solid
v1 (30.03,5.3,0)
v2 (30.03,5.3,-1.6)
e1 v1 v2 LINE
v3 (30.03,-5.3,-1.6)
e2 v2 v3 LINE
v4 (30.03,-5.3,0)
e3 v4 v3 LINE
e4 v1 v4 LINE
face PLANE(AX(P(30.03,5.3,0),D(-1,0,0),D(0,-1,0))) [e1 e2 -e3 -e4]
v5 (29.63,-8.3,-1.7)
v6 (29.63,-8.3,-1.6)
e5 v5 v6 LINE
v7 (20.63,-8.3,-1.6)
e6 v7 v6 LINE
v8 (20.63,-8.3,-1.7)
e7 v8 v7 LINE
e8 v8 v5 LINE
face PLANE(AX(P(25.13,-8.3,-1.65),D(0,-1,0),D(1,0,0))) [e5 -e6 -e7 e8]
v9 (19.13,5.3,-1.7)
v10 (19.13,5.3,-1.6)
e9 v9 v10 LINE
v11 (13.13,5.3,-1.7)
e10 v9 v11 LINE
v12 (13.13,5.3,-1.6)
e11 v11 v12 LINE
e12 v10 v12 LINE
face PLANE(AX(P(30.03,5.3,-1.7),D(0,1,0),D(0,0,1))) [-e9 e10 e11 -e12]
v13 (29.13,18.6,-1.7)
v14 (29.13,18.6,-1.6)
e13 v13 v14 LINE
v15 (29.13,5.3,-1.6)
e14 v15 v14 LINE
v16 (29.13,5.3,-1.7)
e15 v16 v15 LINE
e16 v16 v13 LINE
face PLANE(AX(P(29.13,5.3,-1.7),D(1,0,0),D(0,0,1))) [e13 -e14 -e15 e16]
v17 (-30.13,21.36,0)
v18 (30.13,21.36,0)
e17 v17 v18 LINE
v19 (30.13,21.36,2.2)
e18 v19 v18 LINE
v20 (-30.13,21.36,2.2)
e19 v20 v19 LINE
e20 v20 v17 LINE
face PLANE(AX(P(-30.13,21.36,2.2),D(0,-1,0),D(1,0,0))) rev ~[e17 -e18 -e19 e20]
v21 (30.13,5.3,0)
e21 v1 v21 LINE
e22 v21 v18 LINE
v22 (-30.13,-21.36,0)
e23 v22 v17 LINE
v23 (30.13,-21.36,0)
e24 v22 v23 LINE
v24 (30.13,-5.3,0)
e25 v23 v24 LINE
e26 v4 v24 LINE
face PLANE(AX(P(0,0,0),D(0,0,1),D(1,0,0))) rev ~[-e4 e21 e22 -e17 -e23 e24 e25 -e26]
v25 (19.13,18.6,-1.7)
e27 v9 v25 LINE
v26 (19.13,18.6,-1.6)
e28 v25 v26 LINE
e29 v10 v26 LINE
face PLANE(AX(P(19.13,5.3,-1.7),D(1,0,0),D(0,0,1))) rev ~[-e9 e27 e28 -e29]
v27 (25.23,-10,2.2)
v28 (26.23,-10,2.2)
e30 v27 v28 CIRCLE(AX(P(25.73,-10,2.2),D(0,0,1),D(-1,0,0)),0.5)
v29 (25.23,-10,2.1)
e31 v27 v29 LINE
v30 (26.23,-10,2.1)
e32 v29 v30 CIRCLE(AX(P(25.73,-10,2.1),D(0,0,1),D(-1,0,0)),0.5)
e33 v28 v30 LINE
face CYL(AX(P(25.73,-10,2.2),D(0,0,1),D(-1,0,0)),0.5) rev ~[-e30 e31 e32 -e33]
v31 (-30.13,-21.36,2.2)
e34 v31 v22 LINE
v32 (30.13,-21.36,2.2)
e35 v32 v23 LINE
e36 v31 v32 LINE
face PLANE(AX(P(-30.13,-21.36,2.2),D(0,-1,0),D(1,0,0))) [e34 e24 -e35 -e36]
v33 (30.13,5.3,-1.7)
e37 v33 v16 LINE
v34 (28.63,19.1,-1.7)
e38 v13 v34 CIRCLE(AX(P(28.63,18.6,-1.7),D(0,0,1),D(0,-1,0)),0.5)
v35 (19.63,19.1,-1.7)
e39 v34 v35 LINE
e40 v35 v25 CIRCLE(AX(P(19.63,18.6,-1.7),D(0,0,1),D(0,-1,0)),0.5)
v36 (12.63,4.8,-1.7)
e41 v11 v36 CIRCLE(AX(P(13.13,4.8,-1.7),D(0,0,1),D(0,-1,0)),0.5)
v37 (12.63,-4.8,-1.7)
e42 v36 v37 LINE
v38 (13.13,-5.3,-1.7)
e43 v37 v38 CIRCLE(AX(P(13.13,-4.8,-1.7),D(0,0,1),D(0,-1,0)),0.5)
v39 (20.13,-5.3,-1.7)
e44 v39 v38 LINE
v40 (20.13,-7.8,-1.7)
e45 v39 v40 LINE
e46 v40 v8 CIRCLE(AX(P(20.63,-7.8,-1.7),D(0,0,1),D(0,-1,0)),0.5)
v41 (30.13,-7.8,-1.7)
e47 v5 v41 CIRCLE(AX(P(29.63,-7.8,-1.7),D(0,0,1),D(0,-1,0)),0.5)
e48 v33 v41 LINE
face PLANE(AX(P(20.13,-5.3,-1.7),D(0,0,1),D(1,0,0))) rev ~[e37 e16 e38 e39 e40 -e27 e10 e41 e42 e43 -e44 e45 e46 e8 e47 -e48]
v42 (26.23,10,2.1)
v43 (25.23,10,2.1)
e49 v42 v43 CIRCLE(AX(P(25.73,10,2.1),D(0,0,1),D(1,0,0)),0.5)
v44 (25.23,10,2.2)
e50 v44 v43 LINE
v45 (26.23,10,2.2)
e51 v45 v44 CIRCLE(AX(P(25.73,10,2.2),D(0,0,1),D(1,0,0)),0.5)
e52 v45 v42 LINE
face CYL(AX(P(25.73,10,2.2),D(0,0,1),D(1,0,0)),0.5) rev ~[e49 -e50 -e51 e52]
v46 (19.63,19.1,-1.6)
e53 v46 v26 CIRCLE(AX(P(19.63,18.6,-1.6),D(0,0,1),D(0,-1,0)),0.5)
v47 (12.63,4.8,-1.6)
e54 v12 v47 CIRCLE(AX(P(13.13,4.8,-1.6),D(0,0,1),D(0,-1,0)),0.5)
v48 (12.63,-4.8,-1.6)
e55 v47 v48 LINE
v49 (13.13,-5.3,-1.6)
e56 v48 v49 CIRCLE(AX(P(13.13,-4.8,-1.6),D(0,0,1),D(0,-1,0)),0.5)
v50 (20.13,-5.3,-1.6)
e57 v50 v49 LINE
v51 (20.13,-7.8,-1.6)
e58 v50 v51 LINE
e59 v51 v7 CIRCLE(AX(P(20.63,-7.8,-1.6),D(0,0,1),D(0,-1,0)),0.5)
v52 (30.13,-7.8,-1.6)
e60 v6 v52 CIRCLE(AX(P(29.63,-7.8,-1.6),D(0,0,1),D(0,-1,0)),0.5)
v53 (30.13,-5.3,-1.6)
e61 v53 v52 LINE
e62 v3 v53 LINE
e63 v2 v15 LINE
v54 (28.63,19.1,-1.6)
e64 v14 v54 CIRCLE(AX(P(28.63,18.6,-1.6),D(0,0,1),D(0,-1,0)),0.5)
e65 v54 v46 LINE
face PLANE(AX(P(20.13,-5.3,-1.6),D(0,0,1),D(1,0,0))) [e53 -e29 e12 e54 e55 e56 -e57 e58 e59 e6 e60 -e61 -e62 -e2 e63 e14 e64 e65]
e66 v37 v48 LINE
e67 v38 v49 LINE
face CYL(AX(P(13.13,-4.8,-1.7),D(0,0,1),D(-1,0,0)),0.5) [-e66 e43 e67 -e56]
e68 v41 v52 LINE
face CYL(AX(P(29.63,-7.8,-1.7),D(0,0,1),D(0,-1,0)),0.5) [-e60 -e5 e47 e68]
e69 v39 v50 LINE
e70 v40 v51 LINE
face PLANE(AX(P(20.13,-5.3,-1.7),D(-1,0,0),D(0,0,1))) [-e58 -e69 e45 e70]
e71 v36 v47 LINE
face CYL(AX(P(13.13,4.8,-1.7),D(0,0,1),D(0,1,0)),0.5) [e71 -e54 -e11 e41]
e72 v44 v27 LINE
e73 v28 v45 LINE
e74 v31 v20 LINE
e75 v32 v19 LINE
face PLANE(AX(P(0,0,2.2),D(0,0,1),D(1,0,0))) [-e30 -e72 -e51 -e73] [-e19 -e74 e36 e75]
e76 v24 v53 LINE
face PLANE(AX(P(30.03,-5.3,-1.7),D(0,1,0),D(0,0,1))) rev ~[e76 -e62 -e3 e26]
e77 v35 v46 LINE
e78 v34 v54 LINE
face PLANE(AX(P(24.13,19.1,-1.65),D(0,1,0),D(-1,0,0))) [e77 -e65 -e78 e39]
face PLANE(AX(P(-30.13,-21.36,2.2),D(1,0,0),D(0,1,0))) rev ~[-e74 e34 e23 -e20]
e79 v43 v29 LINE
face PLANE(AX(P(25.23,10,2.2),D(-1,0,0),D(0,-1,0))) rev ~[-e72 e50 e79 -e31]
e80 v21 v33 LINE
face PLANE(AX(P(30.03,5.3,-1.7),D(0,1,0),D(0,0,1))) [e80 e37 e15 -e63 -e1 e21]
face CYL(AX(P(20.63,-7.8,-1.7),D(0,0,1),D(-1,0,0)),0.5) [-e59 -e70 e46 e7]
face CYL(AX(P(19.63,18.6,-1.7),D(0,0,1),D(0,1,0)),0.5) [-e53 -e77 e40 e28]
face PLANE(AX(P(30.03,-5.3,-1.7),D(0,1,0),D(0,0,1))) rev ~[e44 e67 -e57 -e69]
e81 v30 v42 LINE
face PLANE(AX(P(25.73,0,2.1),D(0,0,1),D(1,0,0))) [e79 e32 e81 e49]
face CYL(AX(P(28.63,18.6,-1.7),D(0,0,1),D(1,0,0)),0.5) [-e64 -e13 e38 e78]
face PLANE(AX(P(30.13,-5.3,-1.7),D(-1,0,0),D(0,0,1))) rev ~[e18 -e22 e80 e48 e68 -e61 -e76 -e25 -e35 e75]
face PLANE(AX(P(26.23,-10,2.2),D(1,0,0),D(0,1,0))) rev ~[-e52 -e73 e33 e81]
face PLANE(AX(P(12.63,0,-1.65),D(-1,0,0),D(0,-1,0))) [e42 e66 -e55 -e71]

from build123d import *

# Parameters (mm, degrees)
SKETCH_W     = 57.26
SKETCH_H     = 40.62
PAD_DEPTH    = 2.2
SKETCH001_W  = 60.26
SKETCH001_H  = 42.72
PAD001_DEPTH = 2.2
SKETCH002_W  = 0.1
SKETCH002_H  = 10.6
PAD002_DEPTH = 1.7
SKETCH003_W  = 10.6
SKETCH003_H  = 0.1
PAD003_DEPTH = 17.4
SKETCH004_W  = 49.66
SKETCH004_H  = 37.42
PAD004_DEPTH = 1
FILLET_R     = 0.5
SKETCH005_W  = 10
SKETCH005_H  = 0.1
PAD005_DEPTH = 13.8
FILLET001_R  = 0.5
SKETCH006_W  = 10
SKETCH006_H  = 0.1
PAD006_DEPTH = 3
POCKET_DEPTH = 0.1
FILLET002_R  = 0.5
FILLET003_R  = 0.5


with BuildPart() as part:
    # Sketch → Pad (new body)
    with BuildSketch(Plane.XY):
        Rectangle(SKETCH_W, SKETCH_H)
    extrude(amount=PAD_DEPTH)

    # Sketch001 (on Face6 of Pad) → Pad001 (join)
    with BuildSketch(Plane.XY.offset(2.2)):
        Rectangle(SKETCH001_W, SKETCH001_H)
    extrude(amount=-PAD001_DEPTH)

    # Sketch002 (on Face5 of Pad001) → Pad002 (join)
    with BuildSketch(Plane(origin=(0, 0, 0), x_dir=(1, 0, 0), z_dir=(0, 0, -1))):
        with Locations((30.08, 0)):
            Rectangle(SKETCH002_W, SKETCH002_H)
    extrude(amount=PAD002_DEPTH)

    # Sketch003 (on Face10 of Pad002) → Pad003 (join)
    with BuildSketch(Plane(origin=(30.03, 0, 0), x_dir=(0, -1, 0), z_dir=(-1, 0, 0))):
        with Locations((0, -1.65)):
            Rectangle(SKETCH003_W, SKETCH003_H)
    extrude(amount=PAD003_DEPTH)

    # Sketch004 (on Face8 of Pad003) → Pad004 (join)
    with BuildSketch(Plane.XY.offset(2.2)):
        with Locations((-2.2, 0)):
            Rectangle(SKETCH004_W, SKETCH004_H)
    extrude(amount=-PAD004_DEPTH)

    # Fillet
    fillet_edges = [part.edges().sort_by_distance(p)[0] for p in [
        (12.63, -5.3, -1.65),
        (12.63, 5.3, -1.65),
    ]]
    fillet(fillet_edges, radius=FILLET_R)

    # Sketch005 (on Face1 of Fillet) → Pad005 (join)
    with BuildSketch(Plane(origin=(0, 5.3, 0), x_dir=(-1, 0, 0), z_dir=(0, 1, 0))):
        with Locations((-24.13, -1.65)):
            Rectangle(SKETCH005_W, SKETCH005_H)
    extrude(amount=PAD005_DEPTH)

    # Fillet001
    fillet001_edges = [part.edges().sort_by_distance(p)[0] for p in [
        (19.13, 19.1, -1.65),
        (29.13, 19.1, -1.65),
    ]]
    fillet(fillet001_edges, radius=FILLET001_R)

    # Sketch006 (on Face16 of Fillet001) → Pad006 (join)
    with BuildSketch(Plane.XZ.offset(5.3)):
        with Locations((25.13, -1.65)):
            Rectangle(SKETCH006_W, SKETCH006_H)
    extrude(amount=PAD006_DEPTH)

    # Sketch007 (on Face33 of Pad006) → Pocket (cut)
    with BuildSketch(Plane.XY.offset(2.2)):
        with BuildLine():
            ThreePointArc((26.23, 10), (25.73, 10.5), (25.23, 10))
            Line((25.23, 10), (25.23, -10))
            ThreePointArc((25.23, -10), (25.73, -10.5), (26.23, -10))
            Line((26.23, -10), (26.23, 10))
        make_face()
    extrude(amount=-POCKET_DEPTH, mode=Mode.SUBTRACT)

    # Fillet002
    fillet002_edges = [part.edges().sort_by_distance(p)[0] for p in [
        (20.13, -8.3, -1.65),
    ]]
    fillet(fillet002_edges, radius=FILLET002_R)

    # Fillet003
    fillet003_edges = [part.edges().sort_by_distance(p)[0] for p in [
        (30.13, -8.3, -1.65),
    ]]
    fillet(fillet003_edges, radius=FILLET003_R)


solid = part.part
